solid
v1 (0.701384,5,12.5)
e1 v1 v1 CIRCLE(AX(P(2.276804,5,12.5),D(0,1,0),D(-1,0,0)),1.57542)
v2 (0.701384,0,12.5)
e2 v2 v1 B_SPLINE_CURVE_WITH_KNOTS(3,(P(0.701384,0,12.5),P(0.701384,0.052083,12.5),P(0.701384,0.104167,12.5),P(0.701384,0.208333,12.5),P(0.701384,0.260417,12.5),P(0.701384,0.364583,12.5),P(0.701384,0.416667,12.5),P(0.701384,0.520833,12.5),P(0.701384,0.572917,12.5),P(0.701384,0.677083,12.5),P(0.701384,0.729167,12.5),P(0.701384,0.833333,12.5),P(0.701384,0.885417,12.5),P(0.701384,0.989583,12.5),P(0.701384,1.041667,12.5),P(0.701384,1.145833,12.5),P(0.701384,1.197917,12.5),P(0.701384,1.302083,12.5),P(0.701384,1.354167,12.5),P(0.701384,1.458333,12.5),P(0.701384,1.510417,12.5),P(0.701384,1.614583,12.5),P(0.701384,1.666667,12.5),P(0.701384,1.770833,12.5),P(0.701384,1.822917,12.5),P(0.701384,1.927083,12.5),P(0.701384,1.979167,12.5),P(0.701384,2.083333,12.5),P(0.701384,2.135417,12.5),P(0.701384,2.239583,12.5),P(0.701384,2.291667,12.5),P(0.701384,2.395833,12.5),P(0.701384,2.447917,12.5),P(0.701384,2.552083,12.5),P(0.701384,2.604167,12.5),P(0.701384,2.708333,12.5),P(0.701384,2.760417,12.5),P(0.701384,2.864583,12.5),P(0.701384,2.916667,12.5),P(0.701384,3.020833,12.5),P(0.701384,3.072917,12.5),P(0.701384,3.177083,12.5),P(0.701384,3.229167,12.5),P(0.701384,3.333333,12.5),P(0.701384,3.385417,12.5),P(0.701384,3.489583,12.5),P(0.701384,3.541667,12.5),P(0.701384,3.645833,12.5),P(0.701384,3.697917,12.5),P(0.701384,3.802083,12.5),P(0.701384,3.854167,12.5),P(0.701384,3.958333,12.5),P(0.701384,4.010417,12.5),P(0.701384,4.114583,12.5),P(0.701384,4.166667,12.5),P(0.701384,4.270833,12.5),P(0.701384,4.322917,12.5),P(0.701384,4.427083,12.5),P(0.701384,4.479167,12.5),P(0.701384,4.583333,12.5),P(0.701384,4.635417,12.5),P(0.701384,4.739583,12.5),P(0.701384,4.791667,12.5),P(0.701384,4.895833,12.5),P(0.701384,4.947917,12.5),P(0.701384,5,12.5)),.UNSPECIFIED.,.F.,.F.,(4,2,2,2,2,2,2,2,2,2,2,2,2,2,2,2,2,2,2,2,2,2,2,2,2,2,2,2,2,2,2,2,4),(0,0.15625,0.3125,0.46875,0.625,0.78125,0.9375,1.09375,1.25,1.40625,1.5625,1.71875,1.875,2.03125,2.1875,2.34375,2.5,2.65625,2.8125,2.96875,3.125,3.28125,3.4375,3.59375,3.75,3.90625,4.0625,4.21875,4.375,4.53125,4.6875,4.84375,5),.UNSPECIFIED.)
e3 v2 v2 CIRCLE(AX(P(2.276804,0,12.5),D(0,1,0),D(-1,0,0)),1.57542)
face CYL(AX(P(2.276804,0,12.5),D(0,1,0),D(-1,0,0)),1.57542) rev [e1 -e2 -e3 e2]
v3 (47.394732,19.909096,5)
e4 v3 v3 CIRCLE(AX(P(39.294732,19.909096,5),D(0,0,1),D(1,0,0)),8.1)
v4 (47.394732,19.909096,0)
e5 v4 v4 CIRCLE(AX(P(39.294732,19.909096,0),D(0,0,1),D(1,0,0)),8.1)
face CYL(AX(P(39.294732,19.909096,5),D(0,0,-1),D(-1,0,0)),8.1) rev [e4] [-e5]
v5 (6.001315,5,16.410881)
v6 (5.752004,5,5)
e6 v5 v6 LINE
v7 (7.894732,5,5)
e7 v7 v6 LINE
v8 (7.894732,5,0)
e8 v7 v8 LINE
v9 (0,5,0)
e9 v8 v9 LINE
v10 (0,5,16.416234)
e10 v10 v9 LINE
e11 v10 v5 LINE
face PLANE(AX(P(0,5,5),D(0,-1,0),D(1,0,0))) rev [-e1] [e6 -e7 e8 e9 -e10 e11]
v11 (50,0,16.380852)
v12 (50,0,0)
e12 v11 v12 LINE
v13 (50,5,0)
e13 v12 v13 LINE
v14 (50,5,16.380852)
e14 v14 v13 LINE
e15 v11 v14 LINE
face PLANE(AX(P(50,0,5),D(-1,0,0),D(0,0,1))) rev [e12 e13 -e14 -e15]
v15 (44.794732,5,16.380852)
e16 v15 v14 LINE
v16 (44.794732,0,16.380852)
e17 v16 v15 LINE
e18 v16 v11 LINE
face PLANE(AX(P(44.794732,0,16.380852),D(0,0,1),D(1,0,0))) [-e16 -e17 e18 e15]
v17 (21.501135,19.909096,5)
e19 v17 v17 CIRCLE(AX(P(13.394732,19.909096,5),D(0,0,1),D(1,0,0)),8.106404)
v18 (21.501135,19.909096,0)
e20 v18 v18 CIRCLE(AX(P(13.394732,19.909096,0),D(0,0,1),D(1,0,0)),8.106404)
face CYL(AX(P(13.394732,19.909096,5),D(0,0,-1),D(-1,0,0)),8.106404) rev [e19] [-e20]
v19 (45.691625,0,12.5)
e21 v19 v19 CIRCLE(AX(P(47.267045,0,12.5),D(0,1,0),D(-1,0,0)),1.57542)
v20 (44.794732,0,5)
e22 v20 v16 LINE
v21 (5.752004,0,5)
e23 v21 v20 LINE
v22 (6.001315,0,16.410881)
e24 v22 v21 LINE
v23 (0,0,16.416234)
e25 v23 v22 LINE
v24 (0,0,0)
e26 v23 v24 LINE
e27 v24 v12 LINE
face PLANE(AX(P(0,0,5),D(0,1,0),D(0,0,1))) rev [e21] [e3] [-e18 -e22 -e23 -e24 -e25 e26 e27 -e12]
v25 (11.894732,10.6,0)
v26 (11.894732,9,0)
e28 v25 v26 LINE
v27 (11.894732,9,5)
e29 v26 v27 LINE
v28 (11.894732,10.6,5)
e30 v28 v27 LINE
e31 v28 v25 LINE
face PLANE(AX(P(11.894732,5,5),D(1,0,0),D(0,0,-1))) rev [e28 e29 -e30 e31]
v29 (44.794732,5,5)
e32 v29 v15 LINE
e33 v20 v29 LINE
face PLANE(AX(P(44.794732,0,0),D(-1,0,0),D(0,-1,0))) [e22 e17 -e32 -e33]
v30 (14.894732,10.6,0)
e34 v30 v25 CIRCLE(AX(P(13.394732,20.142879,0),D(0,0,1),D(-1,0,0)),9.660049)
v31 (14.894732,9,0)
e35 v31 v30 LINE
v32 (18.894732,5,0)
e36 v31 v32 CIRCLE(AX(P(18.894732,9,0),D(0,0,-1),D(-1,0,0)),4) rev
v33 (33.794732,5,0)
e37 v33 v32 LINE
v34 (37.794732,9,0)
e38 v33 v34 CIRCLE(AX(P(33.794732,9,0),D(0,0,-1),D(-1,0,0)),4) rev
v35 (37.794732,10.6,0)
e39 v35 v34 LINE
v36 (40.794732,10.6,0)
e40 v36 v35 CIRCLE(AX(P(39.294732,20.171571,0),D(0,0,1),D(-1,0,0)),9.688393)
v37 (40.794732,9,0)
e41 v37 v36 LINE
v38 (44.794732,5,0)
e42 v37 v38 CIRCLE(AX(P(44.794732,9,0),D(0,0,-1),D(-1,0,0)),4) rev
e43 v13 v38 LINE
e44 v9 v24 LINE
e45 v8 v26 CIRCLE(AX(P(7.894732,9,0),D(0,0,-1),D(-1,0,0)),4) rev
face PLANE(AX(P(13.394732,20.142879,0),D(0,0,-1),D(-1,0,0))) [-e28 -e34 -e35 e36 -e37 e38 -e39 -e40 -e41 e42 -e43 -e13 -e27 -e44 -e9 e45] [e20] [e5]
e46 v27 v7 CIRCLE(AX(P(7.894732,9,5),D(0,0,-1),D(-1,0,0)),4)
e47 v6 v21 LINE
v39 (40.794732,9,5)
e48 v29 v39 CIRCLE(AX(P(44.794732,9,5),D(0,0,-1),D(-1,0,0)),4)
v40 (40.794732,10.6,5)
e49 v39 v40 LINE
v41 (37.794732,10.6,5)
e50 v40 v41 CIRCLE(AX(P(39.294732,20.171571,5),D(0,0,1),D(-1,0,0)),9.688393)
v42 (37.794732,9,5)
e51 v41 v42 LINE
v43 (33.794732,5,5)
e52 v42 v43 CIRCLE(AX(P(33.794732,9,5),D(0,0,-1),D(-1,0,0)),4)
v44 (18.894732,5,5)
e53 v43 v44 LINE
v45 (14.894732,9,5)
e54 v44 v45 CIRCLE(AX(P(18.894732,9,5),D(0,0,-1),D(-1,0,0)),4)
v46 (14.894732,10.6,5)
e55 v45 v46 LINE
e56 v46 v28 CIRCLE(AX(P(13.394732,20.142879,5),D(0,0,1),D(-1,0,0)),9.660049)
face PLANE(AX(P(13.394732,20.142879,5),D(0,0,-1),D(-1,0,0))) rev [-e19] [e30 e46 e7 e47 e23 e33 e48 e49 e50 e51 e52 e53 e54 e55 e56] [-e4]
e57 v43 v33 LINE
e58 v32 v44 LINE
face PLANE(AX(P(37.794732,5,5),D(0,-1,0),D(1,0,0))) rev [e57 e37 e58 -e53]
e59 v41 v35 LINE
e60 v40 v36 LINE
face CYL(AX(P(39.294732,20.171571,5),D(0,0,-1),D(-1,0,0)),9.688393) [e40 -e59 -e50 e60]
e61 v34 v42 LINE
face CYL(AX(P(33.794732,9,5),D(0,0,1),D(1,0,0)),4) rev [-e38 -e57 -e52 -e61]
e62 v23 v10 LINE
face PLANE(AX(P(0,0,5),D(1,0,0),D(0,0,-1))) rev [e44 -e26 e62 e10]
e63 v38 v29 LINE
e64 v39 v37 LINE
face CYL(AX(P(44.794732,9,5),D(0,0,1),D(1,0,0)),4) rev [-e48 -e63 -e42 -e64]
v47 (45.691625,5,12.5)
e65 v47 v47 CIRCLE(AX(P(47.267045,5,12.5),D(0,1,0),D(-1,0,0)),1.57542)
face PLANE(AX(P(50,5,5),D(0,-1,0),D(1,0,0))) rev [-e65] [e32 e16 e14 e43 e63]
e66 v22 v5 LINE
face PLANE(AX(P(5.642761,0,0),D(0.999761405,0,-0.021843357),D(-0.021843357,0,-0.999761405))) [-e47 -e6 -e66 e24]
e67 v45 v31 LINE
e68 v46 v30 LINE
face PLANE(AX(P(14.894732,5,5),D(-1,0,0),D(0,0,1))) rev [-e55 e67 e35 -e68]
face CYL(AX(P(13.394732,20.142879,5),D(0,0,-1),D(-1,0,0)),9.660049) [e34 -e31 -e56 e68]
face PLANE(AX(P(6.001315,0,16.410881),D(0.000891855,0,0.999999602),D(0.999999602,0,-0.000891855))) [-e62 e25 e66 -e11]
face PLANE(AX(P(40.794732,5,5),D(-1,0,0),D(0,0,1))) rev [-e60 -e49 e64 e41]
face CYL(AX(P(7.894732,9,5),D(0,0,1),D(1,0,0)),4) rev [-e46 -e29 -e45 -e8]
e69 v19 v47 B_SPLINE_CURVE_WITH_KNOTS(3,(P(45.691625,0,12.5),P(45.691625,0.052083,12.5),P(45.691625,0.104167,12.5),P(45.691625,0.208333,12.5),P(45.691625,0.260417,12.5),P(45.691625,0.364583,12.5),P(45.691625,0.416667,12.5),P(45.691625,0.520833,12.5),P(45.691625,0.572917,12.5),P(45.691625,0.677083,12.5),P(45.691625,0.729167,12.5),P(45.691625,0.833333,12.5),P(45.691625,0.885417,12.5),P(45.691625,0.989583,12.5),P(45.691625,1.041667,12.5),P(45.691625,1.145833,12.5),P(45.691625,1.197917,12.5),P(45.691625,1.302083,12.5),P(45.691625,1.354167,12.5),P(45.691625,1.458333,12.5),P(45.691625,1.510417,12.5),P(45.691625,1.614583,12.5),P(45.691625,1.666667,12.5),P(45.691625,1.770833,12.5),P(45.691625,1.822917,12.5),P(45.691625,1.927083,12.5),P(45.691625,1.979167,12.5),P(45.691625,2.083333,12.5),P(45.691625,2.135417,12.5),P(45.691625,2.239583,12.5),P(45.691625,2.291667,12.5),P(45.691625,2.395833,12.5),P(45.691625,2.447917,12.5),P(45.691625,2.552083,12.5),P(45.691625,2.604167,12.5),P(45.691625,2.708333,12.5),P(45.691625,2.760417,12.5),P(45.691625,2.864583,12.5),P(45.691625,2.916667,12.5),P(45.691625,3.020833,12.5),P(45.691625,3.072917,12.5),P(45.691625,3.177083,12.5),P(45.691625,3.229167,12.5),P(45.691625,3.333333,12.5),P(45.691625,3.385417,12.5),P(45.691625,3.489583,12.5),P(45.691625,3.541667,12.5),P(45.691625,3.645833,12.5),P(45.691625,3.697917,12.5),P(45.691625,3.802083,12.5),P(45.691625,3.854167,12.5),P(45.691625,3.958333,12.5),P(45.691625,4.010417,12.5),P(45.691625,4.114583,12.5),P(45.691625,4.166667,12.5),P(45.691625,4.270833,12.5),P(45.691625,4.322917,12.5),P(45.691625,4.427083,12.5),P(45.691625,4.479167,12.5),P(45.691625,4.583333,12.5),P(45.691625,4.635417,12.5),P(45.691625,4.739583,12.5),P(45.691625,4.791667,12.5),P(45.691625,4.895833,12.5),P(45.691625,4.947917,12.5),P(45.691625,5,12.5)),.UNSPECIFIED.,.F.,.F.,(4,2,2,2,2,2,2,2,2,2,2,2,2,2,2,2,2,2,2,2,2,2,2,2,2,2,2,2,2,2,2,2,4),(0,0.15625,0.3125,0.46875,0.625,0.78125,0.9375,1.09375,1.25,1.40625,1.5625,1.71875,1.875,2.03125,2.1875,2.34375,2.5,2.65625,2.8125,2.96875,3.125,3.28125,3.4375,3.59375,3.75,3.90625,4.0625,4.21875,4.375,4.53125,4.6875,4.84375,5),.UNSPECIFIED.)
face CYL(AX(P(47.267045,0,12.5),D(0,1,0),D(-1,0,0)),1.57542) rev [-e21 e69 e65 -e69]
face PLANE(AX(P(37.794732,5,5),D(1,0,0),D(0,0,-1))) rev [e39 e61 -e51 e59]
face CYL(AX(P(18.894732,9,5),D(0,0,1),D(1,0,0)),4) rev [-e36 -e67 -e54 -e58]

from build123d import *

# Parameters (mm, degrees)
SKETCH1_R           = 8.106403635
SKETCH1_R_2         = 8.1
BOSS_EXTRUDE2_DEPTH = 5
FILLET1_R           = 4
SKETCH3_W           = 5.205268412
SKETCH3_H           = 16.38085221
BOSS_EXTRUDE3_DEPTH = 5
SKETCH2_R           = 1.575419973
CUT_EXTRUDE1_DEPTH  = 5


with BuildPart() as part:
    # Sketch1 → Boss-Extrude2 (new body)
    with BuildSketch(Plane.XY):
        with BuildLine():
            Line((0, 0), (50, 0))
            Line((50, 0), (50, 5))
            Line((50, 5), (40.794731588, 5))
            Line((40.794731588, 5), (40.794731588, 10.6))
            ThreePointArc((40.794731588, 10.6), (39.294731588, 29.859964052), (37.794731588, 10.6))
            Line((37.794731588, 10.6), (37.794731588, 5))
            Line((37.794731588, 5), (14.894731588, 5))
            Line((14.894731588, 5), (14.894731588, 10.6))
            ThreePointArc((14.894731588, 10.6), (13.394731588, 29.802927968), (11.894731588, 10.6))
            Line((11.894731588, 10.6), (11.894731588, 5))
            Line((11.894731588, 5), (0, 5))
            Line((0, 5), (0, 0))
        make_face()
        with Locations((13.394731588, 19.909096331)):
            Circle(SKETCH1_R, mode=Mode.SUBTRACT)
        with Locations((39.294731588, 19.909096331)):
            Circle(SKETCH1_R_2, mode=Mode.SUBTRACT)
    extrude(amount=BOSS_EXTRUDE2_DEPTH)

    # Fillet1
    fillet1_edges = [part.edges().sort_by_distance(p)[0] for p in [
        (11.894731588, 5, 2.5),
        (14.894731588, 5, 2.5),
        (37.794731588, 5, 2.5),
        (40.794731588, 5, 2.5),
    ]]
    fillet(fillet1_edges, radius=FILLET1_R)

    # Sketch3 → Boss-Extrude3 (add)
    with BuildSketch(Plane(origin=(0, 5, 0), x_dir=(1, 0, 0), z_dir=(0, 1, 0))):
        Polygon((5.642760672, 0), (0, 0), (0, -16.416233716), (6.001314969, -16.410881412), align=None)
        with Locations((47.397365794, -8.190426105)):
            Rectangle(SKETCH3_W, SKETCH3_H)
    extrude(amount=-BOSS_EXTRUDE3_DEPTH)

    # Sketch2 → Cut-Extrude1 (cut)
    with BuildSketch(Plane(origin=(0, 5, 0), x_dir=(1, 0, 0), z_dir=(0, 1, 0))):
        with Locations(Location((2.276803949, -12.5, 0), (0, 0, 180))):
            Circle(SKETCH2_R)
        with Locations(Location((47.26704488, -12.5, 0), (0, 0, 180))):
            Circle(SKETCH2_R)
    extrude(amount=-CUT_EXTRUDE1_DEPTH, mode=Mode.SUBTRACT)


solid = part.part
